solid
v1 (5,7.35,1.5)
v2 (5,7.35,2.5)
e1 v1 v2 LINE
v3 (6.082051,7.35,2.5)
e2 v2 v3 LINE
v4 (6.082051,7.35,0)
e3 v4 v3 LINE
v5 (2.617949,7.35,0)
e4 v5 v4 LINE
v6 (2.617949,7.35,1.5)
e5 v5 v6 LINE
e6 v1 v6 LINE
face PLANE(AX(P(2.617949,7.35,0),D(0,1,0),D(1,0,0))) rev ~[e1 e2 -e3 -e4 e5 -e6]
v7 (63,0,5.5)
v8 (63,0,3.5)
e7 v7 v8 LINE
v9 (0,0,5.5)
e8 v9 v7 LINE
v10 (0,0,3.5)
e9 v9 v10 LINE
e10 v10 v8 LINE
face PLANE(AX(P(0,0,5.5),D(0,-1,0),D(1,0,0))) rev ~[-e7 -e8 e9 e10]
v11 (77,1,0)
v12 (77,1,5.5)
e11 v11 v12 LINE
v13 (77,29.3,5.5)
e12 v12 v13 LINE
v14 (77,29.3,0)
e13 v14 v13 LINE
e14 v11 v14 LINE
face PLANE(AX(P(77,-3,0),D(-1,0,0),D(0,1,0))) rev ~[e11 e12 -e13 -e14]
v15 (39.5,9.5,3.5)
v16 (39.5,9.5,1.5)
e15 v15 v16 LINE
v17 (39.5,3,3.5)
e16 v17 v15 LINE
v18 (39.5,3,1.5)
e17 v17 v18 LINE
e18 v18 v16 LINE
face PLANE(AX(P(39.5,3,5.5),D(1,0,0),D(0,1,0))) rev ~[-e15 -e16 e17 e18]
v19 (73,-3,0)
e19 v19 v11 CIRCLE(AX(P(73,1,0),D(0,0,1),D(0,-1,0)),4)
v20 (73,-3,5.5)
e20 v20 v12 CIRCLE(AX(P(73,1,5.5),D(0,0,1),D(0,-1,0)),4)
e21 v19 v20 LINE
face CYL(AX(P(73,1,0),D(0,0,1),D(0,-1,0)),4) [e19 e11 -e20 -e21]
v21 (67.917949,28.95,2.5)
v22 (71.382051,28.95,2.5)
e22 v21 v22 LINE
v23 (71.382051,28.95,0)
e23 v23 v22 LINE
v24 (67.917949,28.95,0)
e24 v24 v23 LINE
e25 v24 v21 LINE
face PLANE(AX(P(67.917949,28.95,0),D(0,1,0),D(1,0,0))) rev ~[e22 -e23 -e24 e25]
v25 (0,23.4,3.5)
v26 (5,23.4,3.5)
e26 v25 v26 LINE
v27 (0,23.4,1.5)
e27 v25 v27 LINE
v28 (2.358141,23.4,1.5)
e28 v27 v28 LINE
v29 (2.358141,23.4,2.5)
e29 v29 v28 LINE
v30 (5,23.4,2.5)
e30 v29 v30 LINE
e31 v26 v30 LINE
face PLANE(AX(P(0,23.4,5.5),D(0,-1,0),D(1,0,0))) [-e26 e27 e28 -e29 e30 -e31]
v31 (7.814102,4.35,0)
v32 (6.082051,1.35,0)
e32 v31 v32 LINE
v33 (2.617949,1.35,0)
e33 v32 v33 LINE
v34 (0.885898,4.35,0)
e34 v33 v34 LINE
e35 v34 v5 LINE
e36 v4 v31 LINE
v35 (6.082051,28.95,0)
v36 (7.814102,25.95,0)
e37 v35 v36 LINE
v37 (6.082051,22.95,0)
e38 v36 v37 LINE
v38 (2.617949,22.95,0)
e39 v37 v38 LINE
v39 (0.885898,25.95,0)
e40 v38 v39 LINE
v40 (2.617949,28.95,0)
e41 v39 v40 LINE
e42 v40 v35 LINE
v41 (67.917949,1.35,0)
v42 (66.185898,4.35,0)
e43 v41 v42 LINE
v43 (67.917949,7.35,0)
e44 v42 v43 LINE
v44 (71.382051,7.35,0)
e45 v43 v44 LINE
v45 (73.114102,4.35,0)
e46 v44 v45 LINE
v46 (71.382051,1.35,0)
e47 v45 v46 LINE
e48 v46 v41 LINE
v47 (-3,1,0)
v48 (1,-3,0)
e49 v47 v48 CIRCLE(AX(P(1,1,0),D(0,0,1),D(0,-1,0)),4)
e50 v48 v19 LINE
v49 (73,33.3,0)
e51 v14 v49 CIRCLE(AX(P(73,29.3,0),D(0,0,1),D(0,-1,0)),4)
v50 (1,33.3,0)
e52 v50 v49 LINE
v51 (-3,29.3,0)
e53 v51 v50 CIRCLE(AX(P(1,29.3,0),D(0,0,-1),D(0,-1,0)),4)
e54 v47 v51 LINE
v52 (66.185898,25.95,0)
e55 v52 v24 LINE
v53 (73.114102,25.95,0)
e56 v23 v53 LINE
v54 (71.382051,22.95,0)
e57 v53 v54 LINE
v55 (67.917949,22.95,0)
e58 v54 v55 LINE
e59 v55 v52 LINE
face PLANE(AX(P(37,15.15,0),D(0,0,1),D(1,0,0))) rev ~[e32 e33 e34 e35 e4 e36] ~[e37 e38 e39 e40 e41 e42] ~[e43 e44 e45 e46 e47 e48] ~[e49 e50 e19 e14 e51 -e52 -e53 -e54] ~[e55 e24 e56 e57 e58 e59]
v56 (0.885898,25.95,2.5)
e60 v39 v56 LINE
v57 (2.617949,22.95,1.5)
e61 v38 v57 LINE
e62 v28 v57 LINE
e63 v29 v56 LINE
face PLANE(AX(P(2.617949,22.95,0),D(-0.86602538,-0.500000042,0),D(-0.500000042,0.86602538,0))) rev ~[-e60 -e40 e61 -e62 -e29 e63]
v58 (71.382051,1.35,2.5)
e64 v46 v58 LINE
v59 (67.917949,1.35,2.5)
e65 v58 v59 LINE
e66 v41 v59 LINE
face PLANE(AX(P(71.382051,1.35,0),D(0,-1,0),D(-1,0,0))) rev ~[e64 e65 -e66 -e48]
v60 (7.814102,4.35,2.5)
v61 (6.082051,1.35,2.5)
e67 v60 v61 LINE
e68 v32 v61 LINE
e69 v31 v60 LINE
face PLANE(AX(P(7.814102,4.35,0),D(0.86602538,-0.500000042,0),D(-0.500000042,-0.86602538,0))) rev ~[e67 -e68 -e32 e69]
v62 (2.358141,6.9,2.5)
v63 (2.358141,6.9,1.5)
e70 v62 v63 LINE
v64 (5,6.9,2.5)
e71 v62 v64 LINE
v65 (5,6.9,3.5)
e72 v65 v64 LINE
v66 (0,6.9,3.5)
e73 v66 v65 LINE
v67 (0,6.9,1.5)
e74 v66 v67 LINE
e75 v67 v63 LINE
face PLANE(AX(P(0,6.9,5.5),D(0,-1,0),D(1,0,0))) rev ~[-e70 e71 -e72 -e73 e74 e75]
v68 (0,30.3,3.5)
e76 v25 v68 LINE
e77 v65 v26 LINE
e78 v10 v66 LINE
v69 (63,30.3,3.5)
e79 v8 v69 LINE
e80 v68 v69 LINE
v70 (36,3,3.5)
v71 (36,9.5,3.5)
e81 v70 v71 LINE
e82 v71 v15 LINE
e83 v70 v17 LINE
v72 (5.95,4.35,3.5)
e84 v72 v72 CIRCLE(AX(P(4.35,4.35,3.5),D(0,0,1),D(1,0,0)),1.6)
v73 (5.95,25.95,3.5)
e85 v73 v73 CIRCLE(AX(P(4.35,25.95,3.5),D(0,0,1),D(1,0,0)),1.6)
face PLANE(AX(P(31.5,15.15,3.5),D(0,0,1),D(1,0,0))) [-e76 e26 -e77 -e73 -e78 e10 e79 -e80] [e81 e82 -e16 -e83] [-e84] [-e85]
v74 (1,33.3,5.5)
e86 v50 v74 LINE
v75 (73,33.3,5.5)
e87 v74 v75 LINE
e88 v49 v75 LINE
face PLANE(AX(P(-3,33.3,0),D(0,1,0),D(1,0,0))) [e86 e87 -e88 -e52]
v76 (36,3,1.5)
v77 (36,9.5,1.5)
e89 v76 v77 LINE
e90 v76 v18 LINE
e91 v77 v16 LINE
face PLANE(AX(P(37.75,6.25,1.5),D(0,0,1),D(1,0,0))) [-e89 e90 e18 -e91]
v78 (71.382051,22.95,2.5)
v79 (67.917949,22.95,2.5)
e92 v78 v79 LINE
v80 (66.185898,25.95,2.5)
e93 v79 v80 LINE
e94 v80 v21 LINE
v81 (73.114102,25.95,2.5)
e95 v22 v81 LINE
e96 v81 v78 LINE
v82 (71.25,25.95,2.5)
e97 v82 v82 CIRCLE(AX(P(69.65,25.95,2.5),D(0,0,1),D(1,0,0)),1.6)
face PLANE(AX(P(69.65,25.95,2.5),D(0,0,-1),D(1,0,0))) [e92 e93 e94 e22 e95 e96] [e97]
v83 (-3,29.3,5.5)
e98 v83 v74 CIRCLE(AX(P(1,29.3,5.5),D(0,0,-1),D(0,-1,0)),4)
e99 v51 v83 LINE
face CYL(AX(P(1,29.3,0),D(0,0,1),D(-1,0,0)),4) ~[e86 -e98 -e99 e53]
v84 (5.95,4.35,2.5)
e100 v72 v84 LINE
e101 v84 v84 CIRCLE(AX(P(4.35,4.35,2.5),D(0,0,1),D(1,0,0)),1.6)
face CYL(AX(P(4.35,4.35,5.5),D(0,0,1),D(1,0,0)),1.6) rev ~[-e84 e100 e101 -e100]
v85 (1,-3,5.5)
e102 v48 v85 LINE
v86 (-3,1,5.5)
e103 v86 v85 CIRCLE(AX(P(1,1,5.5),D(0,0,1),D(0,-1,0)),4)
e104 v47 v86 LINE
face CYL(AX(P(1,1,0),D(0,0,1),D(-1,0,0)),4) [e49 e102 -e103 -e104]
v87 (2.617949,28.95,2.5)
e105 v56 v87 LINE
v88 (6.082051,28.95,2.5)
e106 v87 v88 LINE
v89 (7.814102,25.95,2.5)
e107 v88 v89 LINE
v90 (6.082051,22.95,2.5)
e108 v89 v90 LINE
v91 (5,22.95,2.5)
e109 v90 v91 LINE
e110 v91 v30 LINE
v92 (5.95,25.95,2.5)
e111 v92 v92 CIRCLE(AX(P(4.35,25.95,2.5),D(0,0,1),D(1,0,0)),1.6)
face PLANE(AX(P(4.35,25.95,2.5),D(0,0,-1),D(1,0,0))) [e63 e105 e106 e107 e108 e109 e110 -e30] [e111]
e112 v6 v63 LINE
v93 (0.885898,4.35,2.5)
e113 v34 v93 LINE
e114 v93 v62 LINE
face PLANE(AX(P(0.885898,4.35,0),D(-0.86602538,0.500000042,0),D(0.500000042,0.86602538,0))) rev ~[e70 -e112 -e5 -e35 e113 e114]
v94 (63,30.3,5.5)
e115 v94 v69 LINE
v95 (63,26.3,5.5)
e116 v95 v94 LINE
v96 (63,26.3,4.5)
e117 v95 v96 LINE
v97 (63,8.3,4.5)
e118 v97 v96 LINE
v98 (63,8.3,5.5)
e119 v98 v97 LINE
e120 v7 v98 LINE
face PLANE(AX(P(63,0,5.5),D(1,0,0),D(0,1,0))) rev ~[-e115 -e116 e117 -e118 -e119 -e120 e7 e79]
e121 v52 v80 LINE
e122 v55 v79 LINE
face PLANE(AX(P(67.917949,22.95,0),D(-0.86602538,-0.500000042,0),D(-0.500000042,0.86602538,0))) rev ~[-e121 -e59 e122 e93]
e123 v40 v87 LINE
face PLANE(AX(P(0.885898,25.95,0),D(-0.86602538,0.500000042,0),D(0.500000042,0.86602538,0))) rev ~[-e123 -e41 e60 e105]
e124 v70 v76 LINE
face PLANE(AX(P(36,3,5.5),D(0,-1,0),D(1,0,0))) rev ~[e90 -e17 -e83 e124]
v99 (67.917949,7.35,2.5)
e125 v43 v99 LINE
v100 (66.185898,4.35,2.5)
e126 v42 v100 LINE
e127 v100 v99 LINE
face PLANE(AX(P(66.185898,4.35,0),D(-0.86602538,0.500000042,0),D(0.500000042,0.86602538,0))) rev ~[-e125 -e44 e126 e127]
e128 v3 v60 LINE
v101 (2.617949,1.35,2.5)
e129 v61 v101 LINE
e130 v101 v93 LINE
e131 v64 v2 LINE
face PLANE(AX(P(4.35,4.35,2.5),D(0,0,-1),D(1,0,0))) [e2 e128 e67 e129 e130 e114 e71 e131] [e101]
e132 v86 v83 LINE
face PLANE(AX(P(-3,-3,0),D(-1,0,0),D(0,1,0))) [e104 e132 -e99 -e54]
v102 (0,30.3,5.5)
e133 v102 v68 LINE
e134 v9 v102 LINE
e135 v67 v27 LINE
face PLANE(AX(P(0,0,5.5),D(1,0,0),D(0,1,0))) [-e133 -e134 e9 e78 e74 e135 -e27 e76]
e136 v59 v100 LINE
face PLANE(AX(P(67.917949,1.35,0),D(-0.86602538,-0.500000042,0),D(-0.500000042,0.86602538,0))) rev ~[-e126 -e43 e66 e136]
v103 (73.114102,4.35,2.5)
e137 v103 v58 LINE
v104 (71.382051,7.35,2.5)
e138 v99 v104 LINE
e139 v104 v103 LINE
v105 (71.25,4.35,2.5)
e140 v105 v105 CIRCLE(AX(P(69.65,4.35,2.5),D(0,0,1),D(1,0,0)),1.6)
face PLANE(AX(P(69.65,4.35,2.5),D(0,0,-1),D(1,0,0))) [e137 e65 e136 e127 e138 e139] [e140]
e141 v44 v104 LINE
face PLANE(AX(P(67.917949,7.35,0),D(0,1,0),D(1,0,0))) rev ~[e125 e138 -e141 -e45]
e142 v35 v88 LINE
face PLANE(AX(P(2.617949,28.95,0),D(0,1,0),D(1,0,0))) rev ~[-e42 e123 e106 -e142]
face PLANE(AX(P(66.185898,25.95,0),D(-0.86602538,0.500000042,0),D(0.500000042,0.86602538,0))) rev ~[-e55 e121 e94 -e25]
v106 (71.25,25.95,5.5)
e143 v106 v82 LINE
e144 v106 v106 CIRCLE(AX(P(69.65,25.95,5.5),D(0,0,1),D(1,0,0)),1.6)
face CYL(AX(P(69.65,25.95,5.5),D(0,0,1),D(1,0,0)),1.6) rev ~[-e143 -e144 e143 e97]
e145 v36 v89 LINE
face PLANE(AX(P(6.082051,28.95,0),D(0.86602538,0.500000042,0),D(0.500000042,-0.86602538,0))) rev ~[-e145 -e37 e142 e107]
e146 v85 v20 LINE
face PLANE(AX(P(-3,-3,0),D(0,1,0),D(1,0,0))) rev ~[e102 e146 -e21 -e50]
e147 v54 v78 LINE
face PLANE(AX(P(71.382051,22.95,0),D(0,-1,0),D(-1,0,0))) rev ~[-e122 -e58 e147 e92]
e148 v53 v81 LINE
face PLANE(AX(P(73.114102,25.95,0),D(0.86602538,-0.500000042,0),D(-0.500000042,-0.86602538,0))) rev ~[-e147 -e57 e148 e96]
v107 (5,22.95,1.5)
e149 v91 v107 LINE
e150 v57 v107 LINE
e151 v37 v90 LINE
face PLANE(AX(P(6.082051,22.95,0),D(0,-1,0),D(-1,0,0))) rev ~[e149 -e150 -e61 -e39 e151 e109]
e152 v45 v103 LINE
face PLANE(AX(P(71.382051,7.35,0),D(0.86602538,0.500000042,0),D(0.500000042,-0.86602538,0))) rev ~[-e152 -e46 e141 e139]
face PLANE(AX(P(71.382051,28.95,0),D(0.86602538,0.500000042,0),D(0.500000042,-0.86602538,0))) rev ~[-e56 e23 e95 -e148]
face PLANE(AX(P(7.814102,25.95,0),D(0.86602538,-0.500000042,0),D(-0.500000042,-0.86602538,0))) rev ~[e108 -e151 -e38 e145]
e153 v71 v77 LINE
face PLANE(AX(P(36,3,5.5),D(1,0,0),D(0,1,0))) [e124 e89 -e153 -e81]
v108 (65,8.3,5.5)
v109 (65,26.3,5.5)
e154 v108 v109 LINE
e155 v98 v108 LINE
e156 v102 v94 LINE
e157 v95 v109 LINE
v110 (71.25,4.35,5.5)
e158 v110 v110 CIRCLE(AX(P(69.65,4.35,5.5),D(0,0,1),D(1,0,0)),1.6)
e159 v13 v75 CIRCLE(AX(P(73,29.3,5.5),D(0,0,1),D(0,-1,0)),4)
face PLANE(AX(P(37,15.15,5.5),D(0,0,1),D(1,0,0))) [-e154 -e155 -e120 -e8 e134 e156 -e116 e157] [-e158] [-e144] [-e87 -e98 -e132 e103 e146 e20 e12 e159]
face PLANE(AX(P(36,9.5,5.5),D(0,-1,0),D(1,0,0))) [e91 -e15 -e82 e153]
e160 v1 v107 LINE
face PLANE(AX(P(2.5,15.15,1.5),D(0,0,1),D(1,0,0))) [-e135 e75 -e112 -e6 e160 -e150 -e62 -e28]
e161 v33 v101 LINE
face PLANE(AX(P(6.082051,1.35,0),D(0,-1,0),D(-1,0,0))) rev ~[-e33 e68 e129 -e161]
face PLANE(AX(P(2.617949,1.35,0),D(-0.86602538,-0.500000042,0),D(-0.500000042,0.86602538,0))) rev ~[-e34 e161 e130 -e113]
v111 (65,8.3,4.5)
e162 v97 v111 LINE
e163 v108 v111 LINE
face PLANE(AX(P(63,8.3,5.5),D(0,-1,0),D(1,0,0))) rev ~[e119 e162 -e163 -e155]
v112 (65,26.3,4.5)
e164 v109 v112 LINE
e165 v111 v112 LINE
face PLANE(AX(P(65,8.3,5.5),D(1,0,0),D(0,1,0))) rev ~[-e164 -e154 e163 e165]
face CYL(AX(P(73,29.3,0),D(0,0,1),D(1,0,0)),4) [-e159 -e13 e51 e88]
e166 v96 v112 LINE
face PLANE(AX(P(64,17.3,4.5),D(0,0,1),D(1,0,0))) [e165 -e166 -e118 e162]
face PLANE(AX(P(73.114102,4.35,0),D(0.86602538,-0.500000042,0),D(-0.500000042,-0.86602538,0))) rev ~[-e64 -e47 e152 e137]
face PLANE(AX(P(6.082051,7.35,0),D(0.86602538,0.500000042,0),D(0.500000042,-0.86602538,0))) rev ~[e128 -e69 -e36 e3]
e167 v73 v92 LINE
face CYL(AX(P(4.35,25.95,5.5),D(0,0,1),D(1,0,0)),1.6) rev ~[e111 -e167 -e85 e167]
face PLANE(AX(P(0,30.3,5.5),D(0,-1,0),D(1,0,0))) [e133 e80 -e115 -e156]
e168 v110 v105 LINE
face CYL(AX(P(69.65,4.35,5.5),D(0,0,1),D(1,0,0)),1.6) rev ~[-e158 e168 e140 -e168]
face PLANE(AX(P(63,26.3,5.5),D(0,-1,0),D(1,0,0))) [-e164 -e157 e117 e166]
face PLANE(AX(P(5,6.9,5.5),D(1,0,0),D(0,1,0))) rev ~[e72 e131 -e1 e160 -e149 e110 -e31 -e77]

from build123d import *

# Parameters (mm, degrees)
F0_W      = 80
F0_H      = 36.3
F1_DEPTH  = 5.5
F2_R      = 4
F3_W      = 63
F3_H      = 30.3
F4_DEPTH  = 2
F5_W      = 5
F5_H      = 16.5
F5_W_2    = 3.5
F5_H_2    = 6.5
F6_DEPTH  = 4
F7_W      = 2
F7_H      = 18
F8_DEPTH  = 1
F9_R      = 1.6
F10_DEPTH = 5.501
F12_DEPTH = 2.5


with BuildPart() as f1:
    # F0 (on Top) → F1 (new body)
    with BuildSketch(Plane.XY):
        with Locations((37, 15.15)):
            Rectangle(F0_W, F0_H)
    extrude(amount=F1_DEPTH)

    # F2
    f2_edges = [f1.edges().sort_by_distance(p)[0] for p in [
        (-3, -3, 2.75),
        (77, -3, 2.75),
        (77, 33.3, 2.75),
        (-3, 33.3, 2.75),
    ]]
    fillet(f2_edges, radius=F2_R)

    # F3 (on face) → F4 (cut)
    with BuildSketch(Plane.XY.offset(5.5)):
        with Locations((31.5, 15.15)):
            Rectangle(F3_W, F3_H)
    extrude(amount=-F4_DEPTH, mode=Mode.SUBTRACT)

    # F5 (on face) → F6 (cut)
    with BuildSketch(Plane.XY.offset(5.5)):
        with Locations((2.5, 15.15)):
            Rectangle(F5_W, F5_H)
        with Locations((37.75, 6.25)):
            Rectangle(F5_W_2, F5_H_2)
    extrude(amount=-F6_DEPTH, mode=Mode.SUBTRACT)

    # F7 (on face) → F8 (cut)
    with BuildSketch(Plane.XY.offset(5.5)):
        with Locations((64, 17.3)):
            Rectangle(F7_W, F7_H)
    extrude(amount=-F8_DEPTH, mode=Mode.SUBTRACT)

    # F9 (on face) → F10 (cut, through all)
    with BuildSketch(Plane.XY.offset(5.5)):
        with Locations((4.35, 4.35)):
            Circle(F9_R)
        with Locations((4.35, 25.95)):
            Circle(F9_R)
        with Locations((69.65, 25.95)):
            Circle(F9_R)
        with Locations((69.65, 4.35)):
            Circle(F9_R)
    extrude(amount=-F10_DEPTH, mode=Mode.SUBTRACT)

    # F11 (on face) → F12 (cut)
    with BuildSketch(Plane(origin=(0, 0, 0), x_dir=(1, 0, 0), z_dir=(0, 0, -1))):
        Polygon((67.917949, -28.95), (71.382051, -28.95), (73.114102, -25.95), (71.382051, -22.95), (67.917949, -22.95), (66.185898, -25.95), align=None)
        Polygon((73.114102, -4.35), (71.382051, -1.35), (67.917949, -1.35), (66.185898, -4.35), (67.917949, -7.35), (71.382051, -7.35), align=None)
        Polygon((7.814102, -25.95), (6.082051, -22.95), (2.617949, -22.95), (0.885898, -25.95), (2.617949, -28.95), (6.082051, -28.95), align=None)
        Polygon((7.814102, -4.35), (6.082051, -1.35), (2.617949, -1.35), (0.885898, -4.35), (2.617949, -7.35), (6.082051, -7.35), align=None)
    extrude(amount=-F12_DEPTH, mode=Mode.SUBTRACT)


solid = f1.part
